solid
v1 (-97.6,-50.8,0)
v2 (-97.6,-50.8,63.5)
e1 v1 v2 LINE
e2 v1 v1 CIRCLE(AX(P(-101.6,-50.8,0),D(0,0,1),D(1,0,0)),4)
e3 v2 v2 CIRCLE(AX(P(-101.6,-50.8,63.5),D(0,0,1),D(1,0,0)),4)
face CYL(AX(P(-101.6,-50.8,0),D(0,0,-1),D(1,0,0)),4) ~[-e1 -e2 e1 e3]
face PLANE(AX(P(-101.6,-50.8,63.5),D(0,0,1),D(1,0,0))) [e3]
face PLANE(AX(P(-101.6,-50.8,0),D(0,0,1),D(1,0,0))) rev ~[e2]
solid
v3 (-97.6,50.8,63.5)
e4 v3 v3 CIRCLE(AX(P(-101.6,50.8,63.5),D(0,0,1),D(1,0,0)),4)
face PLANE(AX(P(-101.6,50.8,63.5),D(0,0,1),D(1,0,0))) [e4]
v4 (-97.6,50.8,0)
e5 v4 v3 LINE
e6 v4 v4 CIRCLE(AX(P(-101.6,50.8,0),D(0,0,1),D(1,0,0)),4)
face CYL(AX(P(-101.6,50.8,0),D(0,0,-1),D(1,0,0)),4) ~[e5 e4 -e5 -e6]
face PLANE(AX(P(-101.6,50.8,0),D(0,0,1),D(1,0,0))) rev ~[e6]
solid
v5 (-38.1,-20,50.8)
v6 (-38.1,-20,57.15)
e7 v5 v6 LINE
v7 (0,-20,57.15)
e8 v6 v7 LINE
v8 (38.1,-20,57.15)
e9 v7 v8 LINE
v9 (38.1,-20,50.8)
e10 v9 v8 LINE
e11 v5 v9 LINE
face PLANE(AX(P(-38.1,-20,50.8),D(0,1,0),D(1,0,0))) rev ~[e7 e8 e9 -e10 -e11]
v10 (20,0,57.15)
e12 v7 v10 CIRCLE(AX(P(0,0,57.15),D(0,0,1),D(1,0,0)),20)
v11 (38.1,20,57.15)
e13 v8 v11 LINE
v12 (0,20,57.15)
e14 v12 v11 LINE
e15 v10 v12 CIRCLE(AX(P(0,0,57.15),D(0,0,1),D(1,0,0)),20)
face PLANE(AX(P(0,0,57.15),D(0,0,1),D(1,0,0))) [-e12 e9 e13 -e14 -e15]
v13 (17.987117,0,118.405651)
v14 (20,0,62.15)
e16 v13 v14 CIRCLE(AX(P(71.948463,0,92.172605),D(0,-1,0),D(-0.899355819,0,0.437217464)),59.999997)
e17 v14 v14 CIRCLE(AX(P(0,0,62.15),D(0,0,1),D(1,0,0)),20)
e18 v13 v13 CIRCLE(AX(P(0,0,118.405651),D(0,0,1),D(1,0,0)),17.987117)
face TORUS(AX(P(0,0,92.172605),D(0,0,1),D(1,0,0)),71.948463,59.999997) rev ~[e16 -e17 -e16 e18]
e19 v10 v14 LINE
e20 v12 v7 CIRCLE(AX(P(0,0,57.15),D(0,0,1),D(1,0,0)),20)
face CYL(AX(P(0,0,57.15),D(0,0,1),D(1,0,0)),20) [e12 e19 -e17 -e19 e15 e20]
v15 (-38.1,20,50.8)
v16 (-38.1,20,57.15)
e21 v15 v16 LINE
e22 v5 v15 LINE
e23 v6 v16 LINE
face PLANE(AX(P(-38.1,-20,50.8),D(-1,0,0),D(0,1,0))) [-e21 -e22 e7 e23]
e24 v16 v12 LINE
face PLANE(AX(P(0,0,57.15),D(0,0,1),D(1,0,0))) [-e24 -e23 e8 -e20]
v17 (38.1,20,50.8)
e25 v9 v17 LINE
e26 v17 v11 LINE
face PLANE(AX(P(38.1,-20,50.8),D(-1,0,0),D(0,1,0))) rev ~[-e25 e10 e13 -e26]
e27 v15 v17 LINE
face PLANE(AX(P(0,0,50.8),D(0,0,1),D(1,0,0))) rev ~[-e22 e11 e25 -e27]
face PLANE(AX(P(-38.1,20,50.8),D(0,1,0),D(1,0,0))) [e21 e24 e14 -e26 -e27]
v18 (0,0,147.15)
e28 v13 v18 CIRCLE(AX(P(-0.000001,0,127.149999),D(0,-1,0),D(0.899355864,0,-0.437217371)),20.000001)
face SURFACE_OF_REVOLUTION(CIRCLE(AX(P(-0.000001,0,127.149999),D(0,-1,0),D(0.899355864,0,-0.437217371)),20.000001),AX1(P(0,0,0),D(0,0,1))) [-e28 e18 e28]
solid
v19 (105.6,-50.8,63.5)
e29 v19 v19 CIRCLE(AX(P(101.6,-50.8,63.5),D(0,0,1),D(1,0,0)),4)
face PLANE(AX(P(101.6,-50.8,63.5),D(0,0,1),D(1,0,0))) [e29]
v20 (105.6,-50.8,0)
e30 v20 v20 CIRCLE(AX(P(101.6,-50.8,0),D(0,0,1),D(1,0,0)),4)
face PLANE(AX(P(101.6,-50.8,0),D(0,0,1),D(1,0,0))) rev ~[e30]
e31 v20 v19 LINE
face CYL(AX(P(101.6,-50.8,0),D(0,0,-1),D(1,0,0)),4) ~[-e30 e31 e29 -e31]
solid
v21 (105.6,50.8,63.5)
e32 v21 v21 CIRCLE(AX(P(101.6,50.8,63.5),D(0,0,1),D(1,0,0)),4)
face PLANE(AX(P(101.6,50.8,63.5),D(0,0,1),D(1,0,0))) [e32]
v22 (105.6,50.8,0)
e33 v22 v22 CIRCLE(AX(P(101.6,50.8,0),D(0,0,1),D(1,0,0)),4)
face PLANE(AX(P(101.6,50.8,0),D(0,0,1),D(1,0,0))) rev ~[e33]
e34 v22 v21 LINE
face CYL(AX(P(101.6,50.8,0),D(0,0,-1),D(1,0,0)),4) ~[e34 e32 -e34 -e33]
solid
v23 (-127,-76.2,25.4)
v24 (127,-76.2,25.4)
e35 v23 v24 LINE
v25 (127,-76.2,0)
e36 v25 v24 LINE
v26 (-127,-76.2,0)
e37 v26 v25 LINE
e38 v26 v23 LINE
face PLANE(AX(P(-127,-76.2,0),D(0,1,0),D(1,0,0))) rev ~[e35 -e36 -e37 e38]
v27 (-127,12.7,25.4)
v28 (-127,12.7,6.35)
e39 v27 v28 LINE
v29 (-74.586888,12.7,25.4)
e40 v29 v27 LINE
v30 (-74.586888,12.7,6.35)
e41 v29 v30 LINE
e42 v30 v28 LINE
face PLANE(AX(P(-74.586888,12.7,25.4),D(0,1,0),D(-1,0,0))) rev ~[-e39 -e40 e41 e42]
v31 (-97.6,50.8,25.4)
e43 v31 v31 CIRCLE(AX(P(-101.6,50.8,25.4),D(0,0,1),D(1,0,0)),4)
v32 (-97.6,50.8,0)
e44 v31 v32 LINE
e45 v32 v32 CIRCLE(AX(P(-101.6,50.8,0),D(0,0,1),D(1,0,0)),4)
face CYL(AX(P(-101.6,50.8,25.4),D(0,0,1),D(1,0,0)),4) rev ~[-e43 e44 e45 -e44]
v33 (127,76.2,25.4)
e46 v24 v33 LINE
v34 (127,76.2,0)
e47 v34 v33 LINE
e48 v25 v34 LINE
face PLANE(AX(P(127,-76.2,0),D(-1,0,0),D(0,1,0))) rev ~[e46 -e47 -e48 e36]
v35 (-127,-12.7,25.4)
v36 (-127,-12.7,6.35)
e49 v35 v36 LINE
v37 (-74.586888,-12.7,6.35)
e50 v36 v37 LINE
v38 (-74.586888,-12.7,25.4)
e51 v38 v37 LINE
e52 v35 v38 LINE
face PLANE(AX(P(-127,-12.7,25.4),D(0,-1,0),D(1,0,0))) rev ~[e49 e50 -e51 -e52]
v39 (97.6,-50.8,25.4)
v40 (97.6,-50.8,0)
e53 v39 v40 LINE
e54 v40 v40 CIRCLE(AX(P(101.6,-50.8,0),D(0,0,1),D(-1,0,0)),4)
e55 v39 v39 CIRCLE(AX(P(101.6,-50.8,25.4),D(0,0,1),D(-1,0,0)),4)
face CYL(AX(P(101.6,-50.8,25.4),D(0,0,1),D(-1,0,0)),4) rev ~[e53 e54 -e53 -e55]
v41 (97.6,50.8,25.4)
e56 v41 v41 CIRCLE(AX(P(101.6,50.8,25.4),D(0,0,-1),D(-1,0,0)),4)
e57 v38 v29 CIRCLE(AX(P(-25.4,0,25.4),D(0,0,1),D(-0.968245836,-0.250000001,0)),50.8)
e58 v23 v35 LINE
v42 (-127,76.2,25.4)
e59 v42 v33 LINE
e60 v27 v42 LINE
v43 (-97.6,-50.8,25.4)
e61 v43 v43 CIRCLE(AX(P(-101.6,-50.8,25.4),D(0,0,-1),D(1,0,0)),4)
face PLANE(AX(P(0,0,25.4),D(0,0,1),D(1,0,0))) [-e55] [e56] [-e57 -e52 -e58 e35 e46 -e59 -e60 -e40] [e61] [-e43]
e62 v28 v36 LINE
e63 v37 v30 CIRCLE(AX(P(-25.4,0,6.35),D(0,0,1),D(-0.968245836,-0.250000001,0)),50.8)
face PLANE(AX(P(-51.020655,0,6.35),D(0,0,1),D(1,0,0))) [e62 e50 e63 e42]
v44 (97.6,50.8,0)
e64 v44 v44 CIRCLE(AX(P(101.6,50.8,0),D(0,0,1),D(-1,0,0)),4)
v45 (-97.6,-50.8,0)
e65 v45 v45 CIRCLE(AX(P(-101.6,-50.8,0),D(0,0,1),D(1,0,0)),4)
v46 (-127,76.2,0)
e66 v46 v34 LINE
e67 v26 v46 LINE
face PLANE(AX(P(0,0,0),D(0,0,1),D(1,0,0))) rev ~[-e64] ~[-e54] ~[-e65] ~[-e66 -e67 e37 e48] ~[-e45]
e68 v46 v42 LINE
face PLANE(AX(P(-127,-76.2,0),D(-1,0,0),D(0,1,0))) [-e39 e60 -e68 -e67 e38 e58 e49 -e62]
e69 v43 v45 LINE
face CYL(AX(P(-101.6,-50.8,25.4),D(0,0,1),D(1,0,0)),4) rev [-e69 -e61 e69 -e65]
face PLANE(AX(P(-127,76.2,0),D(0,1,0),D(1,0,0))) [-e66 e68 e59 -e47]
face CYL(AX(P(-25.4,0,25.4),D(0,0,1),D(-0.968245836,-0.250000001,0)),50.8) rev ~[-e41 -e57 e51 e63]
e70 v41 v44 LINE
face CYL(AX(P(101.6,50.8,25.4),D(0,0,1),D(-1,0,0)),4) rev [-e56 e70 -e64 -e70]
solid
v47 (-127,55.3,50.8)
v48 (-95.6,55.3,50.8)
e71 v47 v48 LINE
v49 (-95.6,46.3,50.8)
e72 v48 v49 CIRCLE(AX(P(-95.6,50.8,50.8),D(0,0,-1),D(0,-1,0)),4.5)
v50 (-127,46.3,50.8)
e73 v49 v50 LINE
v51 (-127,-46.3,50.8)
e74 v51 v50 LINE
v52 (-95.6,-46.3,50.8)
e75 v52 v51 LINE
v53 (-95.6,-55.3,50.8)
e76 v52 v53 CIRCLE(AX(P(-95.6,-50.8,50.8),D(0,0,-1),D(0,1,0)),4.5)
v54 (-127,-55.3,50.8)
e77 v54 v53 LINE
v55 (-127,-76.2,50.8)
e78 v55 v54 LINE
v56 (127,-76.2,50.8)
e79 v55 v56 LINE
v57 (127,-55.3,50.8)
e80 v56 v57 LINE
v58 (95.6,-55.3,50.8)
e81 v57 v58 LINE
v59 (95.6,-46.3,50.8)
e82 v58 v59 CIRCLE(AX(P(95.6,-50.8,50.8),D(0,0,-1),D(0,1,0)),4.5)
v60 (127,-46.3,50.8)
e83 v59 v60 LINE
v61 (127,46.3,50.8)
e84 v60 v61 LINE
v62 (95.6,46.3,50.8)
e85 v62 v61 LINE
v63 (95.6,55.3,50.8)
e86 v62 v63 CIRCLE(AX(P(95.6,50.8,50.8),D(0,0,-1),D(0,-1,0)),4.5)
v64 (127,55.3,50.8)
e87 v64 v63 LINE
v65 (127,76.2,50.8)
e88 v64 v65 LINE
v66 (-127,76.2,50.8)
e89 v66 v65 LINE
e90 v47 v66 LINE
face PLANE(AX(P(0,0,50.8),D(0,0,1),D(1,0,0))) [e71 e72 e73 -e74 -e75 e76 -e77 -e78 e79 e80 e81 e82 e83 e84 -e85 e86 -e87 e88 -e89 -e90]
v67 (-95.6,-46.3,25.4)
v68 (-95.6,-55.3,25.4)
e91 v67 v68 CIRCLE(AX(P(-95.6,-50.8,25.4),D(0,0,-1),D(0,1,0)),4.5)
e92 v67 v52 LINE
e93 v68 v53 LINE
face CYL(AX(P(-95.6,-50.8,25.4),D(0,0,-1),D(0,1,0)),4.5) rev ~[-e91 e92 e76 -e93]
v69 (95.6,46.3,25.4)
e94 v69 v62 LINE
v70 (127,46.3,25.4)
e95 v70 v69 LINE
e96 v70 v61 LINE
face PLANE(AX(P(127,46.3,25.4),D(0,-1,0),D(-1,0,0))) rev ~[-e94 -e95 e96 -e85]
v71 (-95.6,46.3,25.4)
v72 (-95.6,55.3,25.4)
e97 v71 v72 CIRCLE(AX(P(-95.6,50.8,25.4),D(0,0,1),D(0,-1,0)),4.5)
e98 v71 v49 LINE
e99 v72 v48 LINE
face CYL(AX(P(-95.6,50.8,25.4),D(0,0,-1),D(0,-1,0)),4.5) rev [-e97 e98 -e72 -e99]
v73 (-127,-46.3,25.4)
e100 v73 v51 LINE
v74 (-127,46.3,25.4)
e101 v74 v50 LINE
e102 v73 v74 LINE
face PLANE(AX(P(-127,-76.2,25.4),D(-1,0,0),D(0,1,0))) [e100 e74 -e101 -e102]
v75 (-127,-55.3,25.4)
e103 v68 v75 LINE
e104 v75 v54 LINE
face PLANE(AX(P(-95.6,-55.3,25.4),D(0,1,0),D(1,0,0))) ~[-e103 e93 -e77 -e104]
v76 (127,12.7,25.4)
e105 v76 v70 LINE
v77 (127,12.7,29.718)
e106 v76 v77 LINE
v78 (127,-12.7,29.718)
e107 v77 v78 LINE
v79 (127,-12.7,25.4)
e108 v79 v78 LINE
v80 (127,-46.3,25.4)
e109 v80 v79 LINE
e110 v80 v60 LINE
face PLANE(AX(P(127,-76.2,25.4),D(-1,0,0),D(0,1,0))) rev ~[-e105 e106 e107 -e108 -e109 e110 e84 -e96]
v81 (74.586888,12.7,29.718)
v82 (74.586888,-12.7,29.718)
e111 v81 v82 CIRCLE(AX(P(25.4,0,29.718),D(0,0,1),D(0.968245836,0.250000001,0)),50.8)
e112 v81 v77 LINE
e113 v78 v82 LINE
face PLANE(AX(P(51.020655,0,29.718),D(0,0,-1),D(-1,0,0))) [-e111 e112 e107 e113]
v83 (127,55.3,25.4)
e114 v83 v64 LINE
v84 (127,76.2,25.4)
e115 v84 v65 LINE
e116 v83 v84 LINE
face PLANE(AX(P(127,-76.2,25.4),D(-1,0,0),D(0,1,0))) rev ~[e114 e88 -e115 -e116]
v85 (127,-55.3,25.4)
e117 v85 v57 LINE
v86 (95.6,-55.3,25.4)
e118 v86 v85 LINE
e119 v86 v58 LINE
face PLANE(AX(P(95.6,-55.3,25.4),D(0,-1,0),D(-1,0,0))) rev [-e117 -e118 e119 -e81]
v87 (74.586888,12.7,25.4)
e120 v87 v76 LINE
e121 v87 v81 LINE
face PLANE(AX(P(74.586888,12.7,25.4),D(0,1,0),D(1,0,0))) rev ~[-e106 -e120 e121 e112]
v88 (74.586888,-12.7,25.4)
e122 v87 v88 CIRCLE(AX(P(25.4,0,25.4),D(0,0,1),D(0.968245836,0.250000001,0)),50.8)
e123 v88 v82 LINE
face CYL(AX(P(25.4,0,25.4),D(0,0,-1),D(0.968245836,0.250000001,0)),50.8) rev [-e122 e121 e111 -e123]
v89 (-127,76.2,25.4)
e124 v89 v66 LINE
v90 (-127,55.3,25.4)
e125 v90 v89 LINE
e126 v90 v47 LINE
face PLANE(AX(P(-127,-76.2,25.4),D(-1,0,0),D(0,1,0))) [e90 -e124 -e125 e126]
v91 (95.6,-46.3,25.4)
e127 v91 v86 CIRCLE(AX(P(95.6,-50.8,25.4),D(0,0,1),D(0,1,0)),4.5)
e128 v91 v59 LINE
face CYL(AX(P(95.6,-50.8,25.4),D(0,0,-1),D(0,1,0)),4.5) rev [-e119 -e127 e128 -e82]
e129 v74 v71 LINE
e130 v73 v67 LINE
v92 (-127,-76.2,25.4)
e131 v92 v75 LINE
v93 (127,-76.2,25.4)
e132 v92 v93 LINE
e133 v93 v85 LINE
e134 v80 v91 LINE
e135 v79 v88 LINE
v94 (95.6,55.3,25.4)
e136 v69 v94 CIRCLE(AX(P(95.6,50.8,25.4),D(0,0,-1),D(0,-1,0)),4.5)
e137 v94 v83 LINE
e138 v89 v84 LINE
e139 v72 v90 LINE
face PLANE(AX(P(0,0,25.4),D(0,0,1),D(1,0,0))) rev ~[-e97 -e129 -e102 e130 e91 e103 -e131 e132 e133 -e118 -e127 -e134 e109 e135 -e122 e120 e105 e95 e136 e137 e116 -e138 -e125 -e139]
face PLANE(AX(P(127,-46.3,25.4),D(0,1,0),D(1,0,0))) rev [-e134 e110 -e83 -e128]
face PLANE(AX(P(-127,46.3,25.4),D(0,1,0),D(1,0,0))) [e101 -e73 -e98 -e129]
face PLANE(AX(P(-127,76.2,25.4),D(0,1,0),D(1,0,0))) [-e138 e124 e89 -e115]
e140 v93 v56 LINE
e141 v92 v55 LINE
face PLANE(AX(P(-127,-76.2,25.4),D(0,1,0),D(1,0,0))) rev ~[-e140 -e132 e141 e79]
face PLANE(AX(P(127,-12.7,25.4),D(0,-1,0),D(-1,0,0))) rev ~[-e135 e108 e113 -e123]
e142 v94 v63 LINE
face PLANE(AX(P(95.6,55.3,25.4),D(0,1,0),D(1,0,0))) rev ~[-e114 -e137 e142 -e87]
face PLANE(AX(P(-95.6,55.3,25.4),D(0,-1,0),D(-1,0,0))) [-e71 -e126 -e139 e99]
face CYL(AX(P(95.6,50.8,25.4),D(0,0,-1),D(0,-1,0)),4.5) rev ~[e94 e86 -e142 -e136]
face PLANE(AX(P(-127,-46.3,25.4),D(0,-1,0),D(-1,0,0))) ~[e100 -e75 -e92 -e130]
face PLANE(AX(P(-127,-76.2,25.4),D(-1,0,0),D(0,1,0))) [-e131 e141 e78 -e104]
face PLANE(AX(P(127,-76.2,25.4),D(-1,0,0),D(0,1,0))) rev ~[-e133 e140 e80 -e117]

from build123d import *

# Parameters (mm, degrees)
SKETCH_W                      = 254
SKETCH_H                      = 152.4
PAD_DEPTH                     = 25.4
SKETCH001_R                   = 4
POCKET_DEPTH                  = 619.999755
SKETCH001_MIRRORED_2_R        = 4
POCKET_MIRRORED_2_DEPTH       = 619.999755
POCKET001_DEPTH               = 19.05
CYLINDER_R                    = 4
CYLINDER_DEPTH                = 63.5
CYLINDER001_R                 = 4
CYLINDER001_DEPTH             = 63.5
CYLINDER002_R                 = 4
CYLINDER002_DEPTH             = 63.5
CYLINDER003_R                 = 4
CYLINDER003_DEPTH             = 63.5
SKETCH003_W                   = 254
SKETCH003_H                   = 152.4
PAD001_DEPTH                  = 25.4
POCKET002_DEPTH               = 619.999755
POCKET003_DEPTH               = 4.318
POCKET002_MIRRORED002_2_DEPTH = 619.999755
SKETCH006_W                   = 76.2
SKETCH006_H                   = 40
PAD002_DEPTH                  = 6.35


with BuildPart() as body:
    # Sketch → Pad (new body)
    with BuildSketch(Plane.XY):
        Rectangle(SKETCH_W, SKETCH_H)
    extrude(amount=PAD_DEPTH)

    # Sketch001 (on Face6 of Pad) → Pocket (cut, through all)
    with BuildSketch(Plane.XY.offset(25.4)):
        with Locations((-101.6, 50.8)):
            Circle(SKETCH001_R)
    pocket = extrude(amount=-POCKET_DEPTH, mode=Mode.SUBTRACT)

    # Sketch001 Mirrored 2 → Pocket Mirrored 2 (cut, through all)
    with BuildSketch(Plane(origin=(0, 0, 25.4), x_dir=(-1, 0, 0), z_dir=(0, 0, -1))):
        with Locations((-101.6, 50.8)):
            Circle(SKETCH001_MIRRORED_2_R)
    pocket_mirrored_2 = extrude(amount=POCKET_MIRRORED_2_DEPTH, mode=Mode.SUBTRACT)

    # Mirrored001: Pocket, Pocket Mirrored 2 across XZ
    add(pocket.mirror(Plane.XZ), mode=Mode.SUBTRACT)
    add(pocket_mirrored_2.mirror(Plane.XZ), mode=Mode.SUBTRACT)

    # Sketch002 (on Face5 of MultiTransform) → Pocket001 (cut)
    with BuildSketch(Plane.XY.offset(25.4)):
        with BuildLine():
            Line((-127, -12.7), (-74.586888, -12.7))
            ThreePointArc((-74.586888, -12.7), (25.4, 0), (-74.586888, 12.7))
            Line((-74.586888, 12.7), (-127, 12.7))
            Line((-127, 12.7), (-127, -12.7))
        make_face()
    extrude(amount=-POCKET001_DEPTH, mode=Mode.SUBTRACT)


with BuildPart() as cylinder:
    # Cylinder → Cylinder (new body)
    with BuildSketch(Plane(origin=(-101.6, 50.8, 0), x_dir=(1, 0, 0), z_dir=(0, 0, 1))):
        Circle(CYLINDER_R)
    extrude(amount=CYLINDER_DEPTH)


with BuildPart() as cylinder001:
    # Cylinder001 → Cylinder001 (new body)
    with BuildSketch(Plane(origin=(101.6, 50.8, 0), x_dir=(1, 0, 0), z_dir=(0, 0, 1))):
        Circle(CYLINDER001_R)
    extrude(amount=CYLINDER001_DEPTH)


with BuildPart() as cylinder002:
    # Cylinder002 → Cylinder002 (new body)
    with BuildSketch(Plane(origin=(-101.6, -50.8, 0), x_dir=(1, 0, 0), z_dir=(0, 0, 1))):
        Circle(CYLINDER002_R)
    extrude(amount=CYLINDER002_DEPTH)


with BuildPart() as cylinder003:
    # Cylinder003 → Cylinder003 (new body)
    with BuildSketch(Plane(origin=(101.6, -50.8, 0), x_dir=(1, 0, 0), z_dir=(0, 0, 1))):
        Circle(CYLINDER003_R)
    extrude(amount=CYLINDER003_DEPTH)


with BuildPart() as body001:
    # Sketch003 (on Face1 of ShapeBinder) → Pad001 (new body)
    with BuildSketch(Plane.XY.offset(25.4)):
        Rectangle(SKETCH003_W, SKETCH003_H)
    extrude(amount=PAD001_DEPTH)

    # Sketch004 (on Face1 of ShapeBinder) → Pocket002 (cut, through all)
    with BuildSketch(Plane.XY.offset(25.4)):
        with BuildLine():
            ThreePointArc((-95.6, 46.3), (-91.1, 50.8), (-95.6, 55.3))
            Line((-95.6, 55.3), (-127, 55.3))
            Line((-127, 55.3), (-127, 46.3))
            Line((-127, 46.3), (-95.6, 46.3))
        make_face()
    pocket002 = extrude(amount=POCKET002_DEPTH, mode=Mode.SUBTRACT)

    # Sketch005 (on Face1 of ShapeBinder) → Pocket003 (cut)
    with BuildSketch(Plane.XY.offset(25.4)):
        with BuildLine():
            Line((127, -12.7), (74.586888, -12.7))
            ThreePointArc((74.586888, 12.7), (-25.4, 0), (74.586888, -12.7))
            Line((74.586888, 12.7), (127, 12.7))
            Line((127, 12.7), (127, -12.7))
        make_face()
    extrude(amount=POCKET003_DEPTH, mode=Mode.SUBTRACT)

    # Sketch004 Mirrored002 2 → Pocket002 Mirrored002 2 (cut, through all)
    with BuildSketch(Plane(origin=(0, 0, 25.4), x_dir=(-1, 0, 0), z_dir=(0, 0, -1))):
        with BuildLine():
            ThreePointArc((-95.6, 46.3), (-91.1, 50.8), (-95.6, 55.3))
            Line((-95.6, 55.3), (-127, 55.3))
            Line((-127, 55.3), (-127, 46.3))
            Line((-127, 46.3), (-95.6, 46.3))
        make_face()
    pocket002_mirrored002_2 = extrude(amount=-POCKET002_MIRRORED002_2_DEPTH, mode=Mode.SUBTRACT)

    # Mirrored003: Pocket002, Pocket002 Mirrored002 2 across XZ
    add(pocket002.mirror(Plane.XZ), mode=Mode.SUBTRACT)
    add(pocket002_mirrored002_2.mirror(Plane.XZ), mode=Mode.SUBTRACT)


with BuildPart() as body002:
    # Sketch006 (on Face1 of ShapeBinder001) → Pad002 (new body)
    with BuildSketch(Plane.XY.offset(50.8)):
        Rectangle(SKETCH006_W, SKETCH006_H)
    extrude(amount=PAD002_DEPTH)

    # Sketch007 → Revolution (revolve)
    with BuildSketch(Plane.XZ):
        with BuildLine():
            Line((0, 57.15), (20, 57.15))
            Line((20, 57.15), (20, 62.15))
            ThreePointArc((17.987117, 118.405651), (11.986838, 90.027118), (20, 62.15))
            ThreePointArc((17.987117, 118.405651), (16.954158, 137.759265), (0, 147.15))
            Line((0, 147.15), (0, 57.15))
        make_face()
    revolve(axis=Axis((0, 0, 0), (0, 0, 1)))


solid = Compound([body.part, cylinder.part, cylinder001.part, cylinder002.part, cylinder003.part, body001.part, body002.part])
